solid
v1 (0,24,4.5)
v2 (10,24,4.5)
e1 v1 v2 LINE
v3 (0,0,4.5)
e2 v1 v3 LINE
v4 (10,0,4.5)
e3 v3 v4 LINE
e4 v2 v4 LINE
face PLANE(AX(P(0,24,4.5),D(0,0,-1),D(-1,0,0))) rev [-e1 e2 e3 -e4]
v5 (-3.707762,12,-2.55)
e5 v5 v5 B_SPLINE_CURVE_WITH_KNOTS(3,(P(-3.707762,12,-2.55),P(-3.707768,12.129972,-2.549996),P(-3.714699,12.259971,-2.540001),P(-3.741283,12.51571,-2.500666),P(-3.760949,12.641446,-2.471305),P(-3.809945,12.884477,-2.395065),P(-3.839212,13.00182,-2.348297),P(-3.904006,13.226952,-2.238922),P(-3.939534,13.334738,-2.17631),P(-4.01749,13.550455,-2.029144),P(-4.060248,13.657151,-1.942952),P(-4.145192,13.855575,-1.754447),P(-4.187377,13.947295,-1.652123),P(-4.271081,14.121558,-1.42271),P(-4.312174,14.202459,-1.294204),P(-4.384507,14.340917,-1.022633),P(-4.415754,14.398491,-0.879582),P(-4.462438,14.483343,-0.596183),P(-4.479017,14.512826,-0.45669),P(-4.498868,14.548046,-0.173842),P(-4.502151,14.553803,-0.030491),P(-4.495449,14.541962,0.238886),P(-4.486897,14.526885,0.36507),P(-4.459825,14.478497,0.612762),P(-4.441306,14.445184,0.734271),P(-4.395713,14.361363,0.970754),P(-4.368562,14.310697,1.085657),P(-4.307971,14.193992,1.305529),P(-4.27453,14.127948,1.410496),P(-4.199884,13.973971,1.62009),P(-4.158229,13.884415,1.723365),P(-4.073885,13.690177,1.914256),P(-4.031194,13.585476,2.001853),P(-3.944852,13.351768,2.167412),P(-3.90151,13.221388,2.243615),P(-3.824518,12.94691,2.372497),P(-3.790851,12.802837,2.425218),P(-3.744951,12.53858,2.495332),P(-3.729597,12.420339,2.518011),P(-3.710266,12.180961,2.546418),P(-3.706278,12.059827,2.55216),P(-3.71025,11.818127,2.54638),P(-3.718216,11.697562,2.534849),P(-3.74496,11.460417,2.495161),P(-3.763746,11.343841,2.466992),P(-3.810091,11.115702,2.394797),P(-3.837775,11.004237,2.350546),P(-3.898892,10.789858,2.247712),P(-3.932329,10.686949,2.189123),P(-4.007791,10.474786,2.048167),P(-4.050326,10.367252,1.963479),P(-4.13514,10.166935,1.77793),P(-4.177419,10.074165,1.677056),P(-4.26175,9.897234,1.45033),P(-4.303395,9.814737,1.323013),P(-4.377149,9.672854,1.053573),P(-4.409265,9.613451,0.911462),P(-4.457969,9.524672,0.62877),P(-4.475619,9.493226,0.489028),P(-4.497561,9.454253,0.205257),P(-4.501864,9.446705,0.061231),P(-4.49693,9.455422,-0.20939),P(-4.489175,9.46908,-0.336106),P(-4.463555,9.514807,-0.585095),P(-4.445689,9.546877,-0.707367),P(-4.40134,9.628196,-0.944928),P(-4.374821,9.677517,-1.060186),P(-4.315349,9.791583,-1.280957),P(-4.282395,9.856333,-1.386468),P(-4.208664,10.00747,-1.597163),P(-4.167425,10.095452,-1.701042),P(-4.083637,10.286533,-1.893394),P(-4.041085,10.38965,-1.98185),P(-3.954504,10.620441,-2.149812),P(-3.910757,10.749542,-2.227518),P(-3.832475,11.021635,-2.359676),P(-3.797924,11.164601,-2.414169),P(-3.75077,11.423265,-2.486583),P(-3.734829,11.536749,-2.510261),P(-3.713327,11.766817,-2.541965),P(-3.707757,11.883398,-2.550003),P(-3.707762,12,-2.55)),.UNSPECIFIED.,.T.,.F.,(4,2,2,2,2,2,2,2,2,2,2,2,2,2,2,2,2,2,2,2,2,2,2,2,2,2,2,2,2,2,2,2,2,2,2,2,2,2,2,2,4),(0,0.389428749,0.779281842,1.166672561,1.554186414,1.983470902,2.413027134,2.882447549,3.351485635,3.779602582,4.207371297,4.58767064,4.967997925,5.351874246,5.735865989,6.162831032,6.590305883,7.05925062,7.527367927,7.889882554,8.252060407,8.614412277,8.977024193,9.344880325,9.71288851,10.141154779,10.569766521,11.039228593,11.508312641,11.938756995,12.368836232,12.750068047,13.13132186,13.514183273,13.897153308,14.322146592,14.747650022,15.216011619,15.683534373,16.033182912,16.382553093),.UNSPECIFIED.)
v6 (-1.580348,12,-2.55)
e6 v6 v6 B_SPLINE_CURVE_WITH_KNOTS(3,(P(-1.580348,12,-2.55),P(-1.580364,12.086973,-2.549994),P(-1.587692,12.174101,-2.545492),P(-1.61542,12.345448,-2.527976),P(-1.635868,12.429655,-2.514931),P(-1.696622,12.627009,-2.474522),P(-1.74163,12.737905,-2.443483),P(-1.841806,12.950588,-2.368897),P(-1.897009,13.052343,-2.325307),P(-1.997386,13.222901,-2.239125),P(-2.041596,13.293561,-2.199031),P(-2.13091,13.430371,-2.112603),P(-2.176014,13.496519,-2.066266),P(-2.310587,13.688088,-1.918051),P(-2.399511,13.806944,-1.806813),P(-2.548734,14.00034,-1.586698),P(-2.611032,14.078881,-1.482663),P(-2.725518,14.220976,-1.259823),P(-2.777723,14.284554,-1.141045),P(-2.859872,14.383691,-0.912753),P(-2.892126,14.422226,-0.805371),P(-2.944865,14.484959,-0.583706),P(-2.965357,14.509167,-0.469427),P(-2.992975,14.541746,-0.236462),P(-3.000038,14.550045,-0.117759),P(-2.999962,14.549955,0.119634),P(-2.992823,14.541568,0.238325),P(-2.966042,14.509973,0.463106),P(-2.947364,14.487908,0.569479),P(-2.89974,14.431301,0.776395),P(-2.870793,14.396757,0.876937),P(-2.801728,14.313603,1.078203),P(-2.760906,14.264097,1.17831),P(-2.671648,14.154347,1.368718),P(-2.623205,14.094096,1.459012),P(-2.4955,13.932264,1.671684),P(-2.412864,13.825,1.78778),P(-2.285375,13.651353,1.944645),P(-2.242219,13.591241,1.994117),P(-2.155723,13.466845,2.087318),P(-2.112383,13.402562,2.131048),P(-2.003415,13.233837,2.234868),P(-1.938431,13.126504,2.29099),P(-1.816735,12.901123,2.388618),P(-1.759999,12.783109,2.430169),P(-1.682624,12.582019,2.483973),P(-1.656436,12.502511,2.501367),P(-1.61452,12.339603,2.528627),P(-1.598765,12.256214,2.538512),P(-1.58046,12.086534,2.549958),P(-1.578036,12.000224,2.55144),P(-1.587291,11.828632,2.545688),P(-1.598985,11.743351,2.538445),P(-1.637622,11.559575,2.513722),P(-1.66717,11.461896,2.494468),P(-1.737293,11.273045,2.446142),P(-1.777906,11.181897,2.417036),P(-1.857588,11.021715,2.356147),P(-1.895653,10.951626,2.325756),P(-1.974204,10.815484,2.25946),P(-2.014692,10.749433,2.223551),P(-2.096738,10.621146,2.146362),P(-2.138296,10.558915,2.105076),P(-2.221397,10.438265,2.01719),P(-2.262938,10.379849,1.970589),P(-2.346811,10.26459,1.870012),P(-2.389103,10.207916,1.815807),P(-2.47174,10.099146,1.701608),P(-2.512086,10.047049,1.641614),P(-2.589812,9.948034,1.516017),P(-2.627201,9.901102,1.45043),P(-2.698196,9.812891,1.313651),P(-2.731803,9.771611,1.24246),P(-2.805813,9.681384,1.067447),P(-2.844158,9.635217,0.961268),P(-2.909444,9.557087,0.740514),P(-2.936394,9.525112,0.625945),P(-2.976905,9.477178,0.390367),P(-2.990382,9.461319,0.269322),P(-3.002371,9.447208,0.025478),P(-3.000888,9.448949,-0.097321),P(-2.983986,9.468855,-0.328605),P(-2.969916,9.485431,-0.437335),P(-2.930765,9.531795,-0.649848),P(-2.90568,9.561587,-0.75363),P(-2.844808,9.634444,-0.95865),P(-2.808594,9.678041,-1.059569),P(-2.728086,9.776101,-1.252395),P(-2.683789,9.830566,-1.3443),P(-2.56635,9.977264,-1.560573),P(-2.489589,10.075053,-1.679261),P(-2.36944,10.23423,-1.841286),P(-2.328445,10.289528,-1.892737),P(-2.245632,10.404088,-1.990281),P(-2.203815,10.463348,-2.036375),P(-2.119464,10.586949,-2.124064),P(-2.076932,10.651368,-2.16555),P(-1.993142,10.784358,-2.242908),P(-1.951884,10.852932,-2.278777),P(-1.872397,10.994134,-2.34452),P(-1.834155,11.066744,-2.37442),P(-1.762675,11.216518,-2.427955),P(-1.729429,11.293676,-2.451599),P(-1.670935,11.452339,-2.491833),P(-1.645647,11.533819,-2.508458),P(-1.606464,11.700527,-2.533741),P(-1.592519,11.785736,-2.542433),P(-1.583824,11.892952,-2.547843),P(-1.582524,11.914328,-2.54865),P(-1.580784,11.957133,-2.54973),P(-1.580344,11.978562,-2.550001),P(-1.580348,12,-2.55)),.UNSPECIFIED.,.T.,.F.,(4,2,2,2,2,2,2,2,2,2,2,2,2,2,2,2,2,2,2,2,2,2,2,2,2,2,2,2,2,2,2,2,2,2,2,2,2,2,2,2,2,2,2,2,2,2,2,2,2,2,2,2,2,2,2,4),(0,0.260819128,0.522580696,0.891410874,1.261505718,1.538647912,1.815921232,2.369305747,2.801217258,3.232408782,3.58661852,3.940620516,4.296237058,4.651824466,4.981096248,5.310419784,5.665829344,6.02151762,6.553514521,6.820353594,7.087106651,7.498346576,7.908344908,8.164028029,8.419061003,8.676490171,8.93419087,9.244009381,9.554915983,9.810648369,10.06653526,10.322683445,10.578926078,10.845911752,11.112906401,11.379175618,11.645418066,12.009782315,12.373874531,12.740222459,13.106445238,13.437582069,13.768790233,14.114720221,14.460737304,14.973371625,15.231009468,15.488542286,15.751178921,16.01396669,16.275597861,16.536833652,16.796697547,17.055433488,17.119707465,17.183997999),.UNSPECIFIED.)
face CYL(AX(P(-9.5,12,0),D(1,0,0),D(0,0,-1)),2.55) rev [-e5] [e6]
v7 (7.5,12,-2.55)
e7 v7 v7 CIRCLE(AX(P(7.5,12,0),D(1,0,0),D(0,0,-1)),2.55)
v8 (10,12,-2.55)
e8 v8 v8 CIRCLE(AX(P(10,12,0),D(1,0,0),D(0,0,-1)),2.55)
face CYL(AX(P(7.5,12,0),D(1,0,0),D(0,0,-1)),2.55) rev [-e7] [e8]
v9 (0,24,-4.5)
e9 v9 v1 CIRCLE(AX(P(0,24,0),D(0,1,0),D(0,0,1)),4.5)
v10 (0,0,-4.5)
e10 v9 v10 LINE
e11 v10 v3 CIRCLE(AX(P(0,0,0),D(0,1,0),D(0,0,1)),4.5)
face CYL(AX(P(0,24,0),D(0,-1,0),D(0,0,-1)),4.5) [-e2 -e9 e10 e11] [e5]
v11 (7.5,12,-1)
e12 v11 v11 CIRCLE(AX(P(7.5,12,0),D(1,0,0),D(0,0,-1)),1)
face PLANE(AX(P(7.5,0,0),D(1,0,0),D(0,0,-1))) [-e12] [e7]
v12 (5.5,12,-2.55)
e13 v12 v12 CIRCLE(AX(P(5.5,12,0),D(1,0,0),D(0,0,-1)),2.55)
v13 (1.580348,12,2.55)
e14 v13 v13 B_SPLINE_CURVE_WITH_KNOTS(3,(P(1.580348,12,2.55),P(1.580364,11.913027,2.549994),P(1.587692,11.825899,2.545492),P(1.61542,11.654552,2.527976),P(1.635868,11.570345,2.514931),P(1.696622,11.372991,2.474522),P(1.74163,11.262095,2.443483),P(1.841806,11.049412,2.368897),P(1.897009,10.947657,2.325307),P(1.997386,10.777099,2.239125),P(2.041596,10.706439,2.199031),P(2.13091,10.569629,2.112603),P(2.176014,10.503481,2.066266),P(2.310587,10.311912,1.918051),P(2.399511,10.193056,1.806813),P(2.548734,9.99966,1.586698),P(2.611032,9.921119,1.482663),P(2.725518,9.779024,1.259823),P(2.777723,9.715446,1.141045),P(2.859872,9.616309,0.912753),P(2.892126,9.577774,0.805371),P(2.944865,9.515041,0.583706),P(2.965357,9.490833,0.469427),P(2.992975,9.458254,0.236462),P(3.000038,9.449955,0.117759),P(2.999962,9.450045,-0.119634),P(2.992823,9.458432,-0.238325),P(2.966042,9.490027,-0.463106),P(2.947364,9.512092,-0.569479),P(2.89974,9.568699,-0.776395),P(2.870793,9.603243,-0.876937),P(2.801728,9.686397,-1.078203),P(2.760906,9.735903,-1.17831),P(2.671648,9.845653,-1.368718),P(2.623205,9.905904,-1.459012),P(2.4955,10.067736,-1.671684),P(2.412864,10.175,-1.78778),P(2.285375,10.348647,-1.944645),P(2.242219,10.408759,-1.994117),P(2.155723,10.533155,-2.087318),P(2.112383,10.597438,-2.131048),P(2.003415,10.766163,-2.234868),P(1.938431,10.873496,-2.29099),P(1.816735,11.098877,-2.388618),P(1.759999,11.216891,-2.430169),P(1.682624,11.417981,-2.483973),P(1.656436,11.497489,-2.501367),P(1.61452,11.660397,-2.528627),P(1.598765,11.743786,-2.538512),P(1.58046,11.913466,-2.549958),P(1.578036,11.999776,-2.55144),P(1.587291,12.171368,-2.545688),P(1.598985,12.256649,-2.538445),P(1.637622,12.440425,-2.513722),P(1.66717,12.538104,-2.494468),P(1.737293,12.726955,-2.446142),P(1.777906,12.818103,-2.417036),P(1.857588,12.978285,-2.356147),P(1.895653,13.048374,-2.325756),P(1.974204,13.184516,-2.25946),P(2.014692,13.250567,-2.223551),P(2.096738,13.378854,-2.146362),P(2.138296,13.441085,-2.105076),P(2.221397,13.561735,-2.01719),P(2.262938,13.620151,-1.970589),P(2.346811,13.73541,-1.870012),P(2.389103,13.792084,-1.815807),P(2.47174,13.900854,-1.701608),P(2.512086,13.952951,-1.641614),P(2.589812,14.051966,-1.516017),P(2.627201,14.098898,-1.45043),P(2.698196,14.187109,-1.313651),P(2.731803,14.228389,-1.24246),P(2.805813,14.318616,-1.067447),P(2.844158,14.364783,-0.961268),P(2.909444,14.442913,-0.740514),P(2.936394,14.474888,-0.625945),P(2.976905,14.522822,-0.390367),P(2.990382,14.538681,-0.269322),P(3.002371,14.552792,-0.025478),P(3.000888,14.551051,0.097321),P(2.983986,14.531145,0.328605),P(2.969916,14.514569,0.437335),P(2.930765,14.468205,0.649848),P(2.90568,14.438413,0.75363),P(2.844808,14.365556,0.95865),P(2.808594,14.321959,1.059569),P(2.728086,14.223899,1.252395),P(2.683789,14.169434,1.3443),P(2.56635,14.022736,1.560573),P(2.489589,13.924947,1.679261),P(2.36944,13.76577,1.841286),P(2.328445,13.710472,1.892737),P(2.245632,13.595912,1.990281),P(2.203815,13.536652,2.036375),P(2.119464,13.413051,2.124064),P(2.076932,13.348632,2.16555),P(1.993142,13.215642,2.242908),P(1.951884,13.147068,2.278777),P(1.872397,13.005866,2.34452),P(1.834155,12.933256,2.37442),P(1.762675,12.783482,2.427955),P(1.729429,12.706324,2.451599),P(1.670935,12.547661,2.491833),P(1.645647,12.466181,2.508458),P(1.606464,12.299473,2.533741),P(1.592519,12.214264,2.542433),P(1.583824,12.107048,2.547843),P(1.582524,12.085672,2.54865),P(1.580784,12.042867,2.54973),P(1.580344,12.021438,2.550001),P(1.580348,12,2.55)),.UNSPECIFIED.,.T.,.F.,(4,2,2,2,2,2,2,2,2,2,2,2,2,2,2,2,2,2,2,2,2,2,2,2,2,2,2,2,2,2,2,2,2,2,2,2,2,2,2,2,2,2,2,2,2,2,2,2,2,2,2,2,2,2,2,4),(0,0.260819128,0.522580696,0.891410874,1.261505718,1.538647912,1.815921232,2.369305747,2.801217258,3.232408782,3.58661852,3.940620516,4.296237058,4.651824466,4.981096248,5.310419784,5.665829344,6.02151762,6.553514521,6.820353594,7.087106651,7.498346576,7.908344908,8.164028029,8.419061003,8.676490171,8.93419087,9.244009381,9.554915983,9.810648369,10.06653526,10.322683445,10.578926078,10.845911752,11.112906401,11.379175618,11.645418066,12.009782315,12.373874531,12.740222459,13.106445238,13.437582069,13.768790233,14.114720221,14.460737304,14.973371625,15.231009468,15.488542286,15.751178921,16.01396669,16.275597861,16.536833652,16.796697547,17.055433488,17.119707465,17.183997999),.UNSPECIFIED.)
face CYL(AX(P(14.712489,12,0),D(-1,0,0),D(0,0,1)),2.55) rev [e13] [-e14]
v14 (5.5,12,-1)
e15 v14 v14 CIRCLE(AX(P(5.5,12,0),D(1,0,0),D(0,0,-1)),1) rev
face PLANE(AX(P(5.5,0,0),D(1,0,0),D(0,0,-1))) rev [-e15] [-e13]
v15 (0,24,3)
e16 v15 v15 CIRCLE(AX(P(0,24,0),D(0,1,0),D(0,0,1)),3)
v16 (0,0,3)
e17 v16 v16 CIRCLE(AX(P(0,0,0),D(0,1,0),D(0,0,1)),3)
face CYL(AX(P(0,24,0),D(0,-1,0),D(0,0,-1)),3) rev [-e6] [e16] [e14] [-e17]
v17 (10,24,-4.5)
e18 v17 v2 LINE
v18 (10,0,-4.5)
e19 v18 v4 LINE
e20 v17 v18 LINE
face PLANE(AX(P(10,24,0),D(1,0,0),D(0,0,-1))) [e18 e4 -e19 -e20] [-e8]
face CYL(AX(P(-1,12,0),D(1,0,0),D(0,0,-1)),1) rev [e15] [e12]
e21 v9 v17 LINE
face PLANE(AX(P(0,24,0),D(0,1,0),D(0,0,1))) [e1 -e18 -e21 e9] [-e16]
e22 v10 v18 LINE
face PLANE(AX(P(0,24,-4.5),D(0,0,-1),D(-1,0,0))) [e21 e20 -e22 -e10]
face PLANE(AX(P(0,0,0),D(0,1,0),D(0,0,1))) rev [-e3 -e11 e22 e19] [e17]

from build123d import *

# Parameters (mm, degrees)
BOSS_EXTRUDE1_DEPTH = 24
CUT_EXTRUDE1_DEPTH  = 2.5
SKETCH3_R           = 1
CUT_EXTRUDE3_DEPTH  = 8.5
CUT_EXTRUDE4_START  = 5
SKETCH4_R           = 2.55
CUT_EXTRUDE4_DEPTH  = 5
SKETCH5_R           = 2.55
CUT_EXTRUDE5_DEPTH  = 10


with BuildPart() as part:
    # Sketch1 → Boss-Extrude1 (new body)
    with BuildSketch(Plane(origin=(0, 0, 0), x_dir=(1, 0, 0), z_dir=(0, 1, 0))):
        with BuildLine():
            ThreePointArc((0, -3), (-3, 0), (0, 3))
            Line((0, 3), (0, 4.5))
            ThreePointArc((0, 4.5), (-4.5, 0), (0, -4.5))
            Line((0, -4.5), (0, -3))
        make_face()
        with BuildLine():
            Line((0, 4.5), (0, 3))
            ThreePointArc((0, 3), (2.121320344, 2.121320344), (3, 0))
            ThreePointArc((3, 0), (2.121320344, -2.121320344), (0, -3))
            Line((0, -3), (0, -4.5))
            ThreePointArc((0, -4.5), (3.181980515, -3.181980515), (4.5, 0))
            ThreePointArc((4.5, 0), (3.181980515, 3.181980515), (0, 4.5))
        make_face()
        with BuildLine():
            Line((10, 4.5), (0, 4.5))
            ThreePointArc((0, 4.5), (3.181980515, 3.181980515), (4.5, 0))
            ThreePointArc((4.5, 0), (3.181980515, -3.181980515), (0, -4.5))
            Line((0, -4.5), (10, -4.5))
            Line((10, -4.5), (10, 4.5))
        make_face()
    extrude(amount=BOSS_EXTRUDE1_DEPTH)

    # Sketch2 → Cut-Extrude1 (cut)
    with BuildSketch(Plane(origin=(10, 0, 0), x_dir=(0, 0, -1), z_dir=(1, 0, 0))):
        with BuildLine():
            ThreePointArc((2.55, 12), (1.803122292, 13.803122292), (0, 14.55))
            Line((0, 14.55), (0, 9.45))
            ThreePointArc((0, 9.45), (1.803122292, 10.196877708), (2.55, 12))
        make_face()
        with BuildLine():
            Line((0, 9.45), (0, 14.55))
            ThreePointArc((0, 14.55), (-2.55, 12), (0, 9.45))
        make_face()
    extrude(amount=-CUT_EXTRUDE1_DEPTH, mode=Mode.SUBTRACT)

    # Sketch3 → Cut-Extrude3 (cut)
    with BuildSketch(Plane(origin=(7.5, 0, 0), x_dir=(0, 0, -1), z_dir=(1, 0, 0))):
        with Locations((0, 12)):
            Circle(SKETCH3_R)
    extrude(amount=-CUT_EXTRUDE3_DEPTH, mode=Mode.SUBTRACT)

    # Sketch4 → Cut-Extrude4 (cut)
    with BuildSketch(Plane(origin=(0.5, 0, 0), x_dir=(0, 0, -1), z_dir=(1, 0, 0)).offset(CUT_EXTRUDE4_START)):
        with Locations((0, 12)):
            Circle(SKETCH4_R)
    extrude(amount=-CUT_EXTRUDE4_DEPTH, mode=Mode.SUBTRACT)

    # Sketch5 → Cut-Extrude5 (cut)
    with BuildSketch(Plane(origin=(0.5, 0, 0), x_dir=(0, 0, -1), z_dir=(1, 0, 0))):
        with Locations((0, 12)):
            Circle(SKETCH5_R)
    extrude(amount=-CUT_EXTRUDE5_DEPTH, mode=Mode.SUBTRACT)


solid = part.part
